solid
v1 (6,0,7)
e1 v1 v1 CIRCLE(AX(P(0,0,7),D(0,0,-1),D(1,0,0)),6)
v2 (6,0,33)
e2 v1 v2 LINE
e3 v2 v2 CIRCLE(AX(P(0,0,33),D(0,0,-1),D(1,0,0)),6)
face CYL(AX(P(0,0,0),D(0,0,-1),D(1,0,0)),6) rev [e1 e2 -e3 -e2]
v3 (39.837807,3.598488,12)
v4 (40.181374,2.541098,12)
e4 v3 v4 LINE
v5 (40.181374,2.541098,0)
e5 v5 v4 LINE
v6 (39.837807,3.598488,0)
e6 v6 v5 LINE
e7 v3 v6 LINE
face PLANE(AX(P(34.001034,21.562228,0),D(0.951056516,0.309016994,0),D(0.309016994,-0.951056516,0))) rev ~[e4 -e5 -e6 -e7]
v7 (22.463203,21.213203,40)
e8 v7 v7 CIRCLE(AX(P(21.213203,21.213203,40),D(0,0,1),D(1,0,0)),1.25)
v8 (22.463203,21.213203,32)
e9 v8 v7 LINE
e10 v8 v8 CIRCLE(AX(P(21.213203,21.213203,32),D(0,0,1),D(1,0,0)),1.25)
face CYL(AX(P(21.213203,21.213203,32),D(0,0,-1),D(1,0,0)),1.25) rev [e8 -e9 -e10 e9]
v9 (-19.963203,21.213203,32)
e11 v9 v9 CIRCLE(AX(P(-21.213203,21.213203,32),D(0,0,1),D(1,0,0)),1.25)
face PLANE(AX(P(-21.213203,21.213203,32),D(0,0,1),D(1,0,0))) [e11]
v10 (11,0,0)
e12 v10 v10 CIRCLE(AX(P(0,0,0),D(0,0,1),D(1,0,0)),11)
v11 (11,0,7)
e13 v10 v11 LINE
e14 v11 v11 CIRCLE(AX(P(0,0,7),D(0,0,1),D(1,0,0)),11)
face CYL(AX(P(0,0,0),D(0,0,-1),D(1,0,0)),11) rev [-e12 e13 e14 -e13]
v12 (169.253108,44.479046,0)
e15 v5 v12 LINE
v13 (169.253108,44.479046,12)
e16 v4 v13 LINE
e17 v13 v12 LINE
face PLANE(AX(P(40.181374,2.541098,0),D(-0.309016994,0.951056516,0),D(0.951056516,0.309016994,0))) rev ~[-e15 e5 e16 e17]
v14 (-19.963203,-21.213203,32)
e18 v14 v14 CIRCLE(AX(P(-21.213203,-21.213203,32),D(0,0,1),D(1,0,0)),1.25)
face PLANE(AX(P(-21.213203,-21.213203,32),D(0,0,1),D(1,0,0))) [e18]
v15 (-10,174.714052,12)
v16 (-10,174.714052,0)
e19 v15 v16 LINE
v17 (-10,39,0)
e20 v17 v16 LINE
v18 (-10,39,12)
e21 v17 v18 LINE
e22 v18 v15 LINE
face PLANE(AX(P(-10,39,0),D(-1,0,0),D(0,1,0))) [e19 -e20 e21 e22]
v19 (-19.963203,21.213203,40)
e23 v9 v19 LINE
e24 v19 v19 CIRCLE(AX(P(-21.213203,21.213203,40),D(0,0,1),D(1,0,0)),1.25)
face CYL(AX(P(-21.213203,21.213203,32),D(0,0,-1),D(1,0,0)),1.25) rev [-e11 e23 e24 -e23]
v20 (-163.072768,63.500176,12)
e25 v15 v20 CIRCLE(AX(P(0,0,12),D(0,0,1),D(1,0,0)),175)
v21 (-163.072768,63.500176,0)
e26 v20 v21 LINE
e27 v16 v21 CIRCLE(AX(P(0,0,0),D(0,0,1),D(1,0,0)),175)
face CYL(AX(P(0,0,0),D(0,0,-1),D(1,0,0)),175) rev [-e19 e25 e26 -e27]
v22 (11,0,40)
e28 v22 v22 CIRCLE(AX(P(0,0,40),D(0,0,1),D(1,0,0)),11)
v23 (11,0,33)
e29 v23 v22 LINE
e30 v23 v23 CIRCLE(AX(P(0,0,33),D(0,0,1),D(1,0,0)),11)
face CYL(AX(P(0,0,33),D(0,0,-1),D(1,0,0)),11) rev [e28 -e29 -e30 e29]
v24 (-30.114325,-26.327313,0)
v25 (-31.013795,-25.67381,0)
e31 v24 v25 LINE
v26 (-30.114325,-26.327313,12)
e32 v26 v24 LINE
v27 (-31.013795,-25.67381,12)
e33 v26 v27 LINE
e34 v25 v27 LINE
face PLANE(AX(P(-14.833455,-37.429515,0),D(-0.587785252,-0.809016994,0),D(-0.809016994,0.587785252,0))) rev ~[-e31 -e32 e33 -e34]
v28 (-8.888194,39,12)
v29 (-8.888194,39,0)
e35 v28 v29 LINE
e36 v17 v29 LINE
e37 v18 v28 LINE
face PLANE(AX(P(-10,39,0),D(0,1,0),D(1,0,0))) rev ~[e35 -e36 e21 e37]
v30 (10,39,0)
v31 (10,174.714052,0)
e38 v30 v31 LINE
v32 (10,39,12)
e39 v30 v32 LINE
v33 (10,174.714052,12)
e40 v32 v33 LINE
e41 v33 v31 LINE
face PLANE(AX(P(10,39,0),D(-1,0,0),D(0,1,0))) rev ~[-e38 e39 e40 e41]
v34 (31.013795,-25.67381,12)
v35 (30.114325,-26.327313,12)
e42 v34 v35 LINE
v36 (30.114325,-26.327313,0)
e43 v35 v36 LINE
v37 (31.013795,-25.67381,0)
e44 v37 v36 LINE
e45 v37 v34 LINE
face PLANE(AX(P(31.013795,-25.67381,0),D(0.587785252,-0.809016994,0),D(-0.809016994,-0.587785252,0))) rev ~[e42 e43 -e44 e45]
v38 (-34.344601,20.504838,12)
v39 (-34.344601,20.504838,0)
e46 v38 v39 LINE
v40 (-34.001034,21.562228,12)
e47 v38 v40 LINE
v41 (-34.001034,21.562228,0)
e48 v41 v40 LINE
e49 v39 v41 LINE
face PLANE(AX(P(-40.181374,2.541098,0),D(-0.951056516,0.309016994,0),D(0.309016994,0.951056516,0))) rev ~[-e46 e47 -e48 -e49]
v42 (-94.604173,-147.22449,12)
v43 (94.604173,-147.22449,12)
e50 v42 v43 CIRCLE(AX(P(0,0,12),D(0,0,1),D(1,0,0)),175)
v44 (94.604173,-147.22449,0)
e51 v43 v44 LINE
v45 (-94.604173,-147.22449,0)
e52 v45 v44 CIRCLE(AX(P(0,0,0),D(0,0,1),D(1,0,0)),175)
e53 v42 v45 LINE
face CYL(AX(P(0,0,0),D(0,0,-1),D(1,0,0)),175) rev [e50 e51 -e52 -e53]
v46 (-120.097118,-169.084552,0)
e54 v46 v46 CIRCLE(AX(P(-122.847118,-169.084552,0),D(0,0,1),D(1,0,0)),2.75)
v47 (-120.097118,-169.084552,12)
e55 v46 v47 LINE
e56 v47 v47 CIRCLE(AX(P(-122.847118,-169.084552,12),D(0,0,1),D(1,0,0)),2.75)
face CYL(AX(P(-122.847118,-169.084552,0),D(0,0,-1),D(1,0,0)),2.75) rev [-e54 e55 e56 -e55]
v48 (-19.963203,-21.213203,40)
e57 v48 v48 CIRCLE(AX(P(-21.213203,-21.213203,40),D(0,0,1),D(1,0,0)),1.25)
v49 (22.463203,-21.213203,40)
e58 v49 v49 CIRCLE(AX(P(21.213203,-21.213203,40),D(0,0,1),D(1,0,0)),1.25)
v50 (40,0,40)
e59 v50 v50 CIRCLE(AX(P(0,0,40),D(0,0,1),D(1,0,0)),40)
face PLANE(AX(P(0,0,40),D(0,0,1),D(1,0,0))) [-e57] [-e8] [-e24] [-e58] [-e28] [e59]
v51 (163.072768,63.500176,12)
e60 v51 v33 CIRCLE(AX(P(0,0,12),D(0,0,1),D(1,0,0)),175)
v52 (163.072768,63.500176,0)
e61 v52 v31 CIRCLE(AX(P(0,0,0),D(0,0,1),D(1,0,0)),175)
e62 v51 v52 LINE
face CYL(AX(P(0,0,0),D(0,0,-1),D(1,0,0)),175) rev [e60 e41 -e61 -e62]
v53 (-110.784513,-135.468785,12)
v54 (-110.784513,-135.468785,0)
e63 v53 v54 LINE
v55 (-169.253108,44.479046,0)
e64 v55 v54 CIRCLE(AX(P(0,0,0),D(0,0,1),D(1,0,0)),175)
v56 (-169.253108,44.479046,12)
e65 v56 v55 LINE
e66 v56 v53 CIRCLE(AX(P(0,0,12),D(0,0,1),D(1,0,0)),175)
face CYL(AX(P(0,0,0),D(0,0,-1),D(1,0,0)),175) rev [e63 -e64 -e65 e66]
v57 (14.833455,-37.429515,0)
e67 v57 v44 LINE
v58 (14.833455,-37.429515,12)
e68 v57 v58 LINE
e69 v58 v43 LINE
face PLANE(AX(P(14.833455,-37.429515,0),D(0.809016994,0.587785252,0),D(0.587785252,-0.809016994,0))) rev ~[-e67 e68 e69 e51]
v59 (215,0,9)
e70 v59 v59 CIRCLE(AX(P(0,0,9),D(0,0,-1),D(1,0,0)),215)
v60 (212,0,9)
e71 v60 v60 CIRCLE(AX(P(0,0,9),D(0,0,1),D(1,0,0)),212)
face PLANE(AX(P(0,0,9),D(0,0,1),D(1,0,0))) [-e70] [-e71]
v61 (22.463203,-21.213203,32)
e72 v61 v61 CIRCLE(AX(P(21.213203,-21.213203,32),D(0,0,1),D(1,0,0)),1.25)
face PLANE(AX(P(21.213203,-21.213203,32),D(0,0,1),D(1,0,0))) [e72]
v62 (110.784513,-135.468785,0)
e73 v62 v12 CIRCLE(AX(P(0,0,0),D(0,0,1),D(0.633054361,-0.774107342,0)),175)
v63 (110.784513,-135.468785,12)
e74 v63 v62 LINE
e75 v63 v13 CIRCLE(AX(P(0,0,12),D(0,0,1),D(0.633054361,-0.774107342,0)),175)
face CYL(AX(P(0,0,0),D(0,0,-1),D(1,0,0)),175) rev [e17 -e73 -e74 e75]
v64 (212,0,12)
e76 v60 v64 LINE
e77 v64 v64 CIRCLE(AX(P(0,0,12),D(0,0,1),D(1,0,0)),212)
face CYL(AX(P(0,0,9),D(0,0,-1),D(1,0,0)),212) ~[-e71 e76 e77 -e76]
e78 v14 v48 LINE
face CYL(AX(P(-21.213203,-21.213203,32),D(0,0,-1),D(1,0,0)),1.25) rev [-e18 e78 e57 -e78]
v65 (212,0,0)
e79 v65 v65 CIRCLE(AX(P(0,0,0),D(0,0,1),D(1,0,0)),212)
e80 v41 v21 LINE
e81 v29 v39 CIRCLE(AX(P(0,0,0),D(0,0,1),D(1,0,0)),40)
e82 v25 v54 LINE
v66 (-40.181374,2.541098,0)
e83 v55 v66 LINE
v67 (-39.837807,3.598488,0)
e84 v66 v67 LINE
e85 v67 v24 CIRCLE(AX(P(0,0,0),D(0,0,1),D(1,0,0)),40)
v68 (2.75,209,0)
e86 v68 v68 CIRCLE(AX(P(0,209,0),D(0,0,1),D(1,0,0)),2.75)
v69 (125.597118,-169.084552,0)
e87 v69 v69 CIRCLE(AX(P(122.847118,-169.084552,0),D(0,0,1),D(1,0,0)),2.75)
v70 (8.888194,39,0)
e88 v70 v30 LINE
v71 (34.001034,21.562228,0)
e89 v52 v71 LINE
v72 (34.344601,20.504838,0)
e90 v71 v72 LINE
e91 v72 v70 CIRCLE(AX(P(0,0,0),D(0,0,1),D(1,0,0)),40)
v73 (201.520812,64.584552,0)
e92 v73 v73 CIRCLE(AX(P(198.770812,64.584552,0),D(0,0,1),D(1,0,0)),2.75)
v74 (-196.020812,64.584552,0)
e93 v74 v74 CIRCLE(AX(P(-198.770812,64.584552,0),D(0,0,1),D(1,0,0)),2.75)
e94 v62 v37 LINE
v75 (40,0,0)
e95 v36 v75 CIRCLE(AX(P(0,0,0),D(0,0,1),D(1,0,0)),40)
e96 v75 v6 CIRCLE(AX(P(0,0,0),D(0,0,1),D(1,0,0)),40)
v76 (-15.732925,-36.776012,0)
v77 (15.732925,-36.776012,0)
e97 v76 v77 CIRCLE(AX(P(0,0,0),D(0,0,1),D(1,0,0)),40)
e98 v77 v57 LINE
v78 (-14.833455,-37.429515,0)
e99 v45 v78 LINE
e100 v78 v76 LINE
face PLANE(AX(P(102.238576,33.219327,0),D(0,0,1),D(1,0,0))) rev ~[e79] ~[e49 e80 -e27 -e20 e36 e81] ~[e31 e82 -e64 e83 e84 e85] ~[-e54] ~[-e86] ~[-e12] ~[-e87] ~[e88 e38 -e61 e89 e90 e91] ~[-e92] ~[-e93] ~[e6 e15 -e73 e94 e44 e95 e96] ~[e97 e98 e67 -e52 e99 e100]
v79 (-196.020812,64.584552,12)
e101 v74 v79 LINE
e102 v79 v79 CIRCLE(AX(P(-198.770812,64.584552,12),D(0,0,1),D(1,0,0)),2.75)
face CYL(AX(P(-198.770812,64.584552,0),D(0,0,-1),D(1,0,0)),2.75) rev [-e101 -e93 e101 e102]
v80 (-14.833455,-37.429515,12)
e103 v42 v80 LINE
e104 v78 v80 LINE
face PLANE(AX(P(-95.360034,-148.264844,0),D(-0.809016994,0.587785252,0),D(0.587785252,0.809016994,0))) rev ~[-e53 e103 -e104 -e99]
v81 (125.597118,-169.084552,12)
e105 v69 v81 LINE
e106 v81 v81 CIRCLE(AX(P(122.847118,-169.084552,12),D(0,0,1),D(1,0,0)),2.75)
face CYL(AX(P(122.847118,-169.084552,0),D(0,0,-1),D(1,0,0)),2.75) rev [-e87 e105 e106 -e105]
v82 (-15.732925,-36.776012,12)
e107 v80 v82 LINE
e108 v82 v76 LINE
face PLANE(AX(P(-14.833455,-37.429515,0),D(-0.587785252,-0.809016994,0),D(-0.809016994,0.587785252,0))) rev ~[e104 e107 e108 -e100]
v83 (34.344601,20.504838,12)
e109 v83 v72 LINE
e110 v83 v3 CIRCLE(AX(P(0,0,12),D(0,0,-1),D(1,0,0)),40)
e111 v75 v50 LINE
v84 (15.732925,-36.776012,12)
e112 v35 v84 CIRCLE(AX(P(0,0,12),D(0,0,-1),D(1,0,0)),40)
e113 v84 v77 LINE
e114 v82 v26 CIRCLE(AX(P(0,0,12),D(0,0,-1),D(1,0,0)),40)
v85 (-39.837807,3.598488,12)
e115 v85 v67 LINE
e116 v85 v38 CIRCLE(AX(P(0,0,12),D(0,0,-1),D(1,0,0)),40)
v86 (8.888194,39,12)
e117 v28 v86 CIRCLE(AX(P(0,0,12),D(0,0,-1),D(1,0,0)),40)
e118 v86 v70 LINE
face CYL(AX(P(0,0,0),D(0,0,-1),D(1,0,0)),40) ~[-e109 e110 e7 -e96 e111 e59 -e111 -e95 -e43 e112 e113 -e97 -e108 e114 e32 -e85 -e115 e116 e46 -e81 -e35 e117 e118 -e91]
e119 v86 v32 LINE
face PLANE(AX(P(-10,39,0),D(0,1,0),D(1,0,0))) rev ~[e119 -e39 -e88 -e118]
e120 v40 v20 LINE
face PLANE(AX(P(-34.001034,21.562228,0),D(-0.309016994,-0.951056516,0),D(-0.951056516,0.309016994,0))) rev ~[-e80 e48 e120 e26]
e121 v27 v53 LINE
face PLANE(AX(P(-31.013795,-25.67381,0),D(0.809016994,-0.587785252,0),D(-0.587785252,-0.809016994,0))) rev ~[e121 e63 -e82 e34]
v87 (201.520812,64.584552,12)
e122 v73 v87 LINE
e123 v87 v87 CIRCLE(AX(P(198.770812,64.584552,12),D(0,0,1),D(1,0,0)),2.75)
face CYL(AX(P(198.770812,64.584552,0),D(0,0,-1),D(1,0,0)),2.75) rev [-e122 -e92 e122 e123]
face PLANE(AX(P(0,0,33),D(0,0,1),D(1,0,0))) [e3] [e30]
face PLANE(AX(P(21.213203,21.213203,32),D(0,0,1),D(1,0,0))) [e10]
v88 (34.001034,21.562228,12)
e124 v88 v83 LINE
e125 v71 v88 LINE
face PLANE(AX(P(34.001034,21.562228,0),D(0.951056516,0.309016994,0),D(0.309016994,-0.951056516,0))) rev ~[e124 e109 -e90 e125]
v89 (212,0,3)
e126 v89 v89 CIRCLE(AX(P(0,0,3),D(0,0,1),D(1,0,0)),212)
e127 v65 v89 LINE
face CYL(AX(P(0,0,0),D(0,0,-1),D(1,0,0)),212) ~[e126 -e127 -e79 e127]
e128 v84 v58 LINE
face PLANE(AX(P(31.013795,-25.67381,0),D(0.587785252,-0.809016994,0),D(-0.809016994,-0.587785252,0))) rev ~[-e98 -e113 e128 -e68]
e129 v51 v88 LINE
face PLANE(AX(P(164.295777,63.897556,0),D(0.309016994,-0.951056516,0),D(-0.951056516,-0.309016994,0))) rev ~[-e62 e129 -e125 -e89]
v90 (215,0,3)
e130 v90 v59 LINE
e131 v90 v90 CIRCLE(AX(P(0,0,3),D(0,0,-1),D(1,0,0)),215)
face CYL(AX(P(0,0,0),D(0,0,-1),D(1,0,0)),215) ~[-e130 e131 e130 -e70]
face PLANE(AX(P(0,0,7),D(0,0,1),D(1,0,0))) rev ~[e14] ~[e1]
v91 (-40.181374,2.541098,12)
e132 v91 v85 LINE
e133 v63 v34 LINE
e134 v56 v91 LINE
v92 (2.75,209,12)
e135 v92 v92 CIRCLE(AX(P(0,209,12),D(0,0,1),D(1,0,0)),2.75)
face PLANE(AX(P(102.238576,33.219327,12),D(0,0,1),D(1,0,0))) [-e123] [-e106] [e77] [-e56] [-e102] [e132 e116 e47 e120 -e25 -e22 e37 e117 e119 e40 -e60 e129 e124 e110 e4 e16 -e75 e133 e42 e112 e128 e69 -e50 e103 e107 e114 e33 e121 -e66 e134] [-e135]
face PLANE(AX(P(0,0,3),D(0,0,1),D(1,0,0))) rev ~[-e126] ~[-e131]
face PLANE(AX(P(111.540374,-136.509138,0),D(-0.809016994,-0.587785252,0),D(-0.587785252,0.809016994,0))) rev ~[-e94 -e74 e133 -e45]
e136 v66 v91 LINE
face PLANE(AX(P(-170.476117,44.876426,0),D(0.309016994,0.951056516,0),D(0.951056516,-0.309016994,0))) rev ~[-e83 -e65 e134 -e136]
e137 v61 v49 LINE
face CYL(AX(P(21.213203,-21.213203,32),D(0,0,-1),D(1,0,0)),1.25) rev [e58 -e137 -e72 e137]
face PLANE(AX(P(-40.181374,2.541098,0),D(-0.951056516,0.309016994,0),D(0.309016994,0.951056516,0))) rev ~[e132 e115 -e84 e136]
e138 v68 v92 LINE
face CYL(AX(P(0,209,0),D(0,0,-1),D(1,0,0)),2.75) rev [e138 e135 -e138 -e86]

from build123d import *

# Parameters (mm, degrees)
SKETCH1_R               = 215
SKETCH1_R_2             = 175
RING_DEPTH              = 12
SKETCH2_R               = 40
HUB_DEPTH               = 40
SKETCH3_W               = 20
SKETCH3_H               = 137
SPOKES_DEPTH            = 12
SKETCH4_R               = 6
BORE_DEPTH              = 40
SKETCH5_R               = 11
BEARING_SEAT_LOW_DEPTH  = 7
SKETCH6_R               = 11
BEARING_SEAT_HIGH_DEPTH = 7
SKETCH7_R               = 216
SKETCH7_R_2             = 212
BAND_RABBET_DEPTH       = 3
SKETCH8_R               = 216
SKETCH8_R_2             = 212
COVER_RABBET_DEPTH      = 3
SKETCH9_R               = 2.75
ROD_HOLES_DEPTH         = 12
SKETCH10_R              = 1.25
GROMMET_SCREWS_DEPTH    = 8


with BuildPart() as part:
    # Sketch1 → Ring (new body)
    with BuildSketch(Plane.XY):
        Circle(SKETCH1_R)
        Circle(SKETCH1_R_2, mode=Mode.SUBTRACT)
    extrude(amount=RING_DEPTH)



with BuildPart() as body_2:
    # Sketch2 → Hub (new body)
    with BuildSketch(Plane.XY):
        Circle(SKETCH2_R)
    extrude(amount=HUB_DEPTH)


with BuildPart() as part_1:
    add(part.part)

    add(body_2.part)  # Spokes merges body 2
    # Sketch3 → Spokes (add)
    with BuildSketch(Plane.XY):
        Polygon((40.181374079, 2.541097618), (170.476116812, 44.876425847), (164.295776924, 63.897556173), (34.001034192, 21.562227944), align=None)
        with Locations((0, 107.5)):
            Rectangle(SKETCH3_W, SKETCH3_H)
        Polygon((-34.001034192, 21.562227944), (-164.295776924, 63.897556173), (-170.476116812, 44.876425847), (-40.181374079, 2.541097618), align=None)
        Polygon((-31.013794783, -25.673810258), (-111.540374347, -136.509138487), (-95.36003446, -148.264843533), (-14.833454896, -37.429515304), align=None)
        Polygon((14.833454896, -37.429515304), (95.36003446, -148.264843533), (111.540374347, -136.509138487), (31.013794783, -25.673810258), align=None)
    extrude(amount=SPOKES_DEPTH)

    # Sketch4 → Bore (cut)
    with BuildSketch(Plane.XY):
        Circle(SKETCH4_R)
    extrude(amount=BORE_DEPTH, mode=Mode.SUBTRACT)

    # Sketch5 → Bearing_seat_low (cut)
    with BuildSketch(Plane.XY):
        Circle(SKETCH5_R)
    extrude(amount=BEARING_SEAT_LOW_DEPTH, mode=Mode.SUBTRACT)

    # Sketch6 → Bearing_seat_high (cut)
    with BuildSketch(Plane.XY.offset(33)):
        Circle(SKETCH6_R)
    extrude(amount=BEARING_SEAT_HIGH_DEPTH, mode=Mode.SUBTRACT)

    # Sketch7 → Band_rabbet (cut)
    with BuildSketch(Plane.XY):
        Circle(SKETCH7_R)
        Circle(SKETCH7_R_2, mode=Mode.SUBTRACT)
    extrude(amount=BAND_RABBET_DEPTH, mode=Mode.SUBTRACT)

    # Sketch8 → Cover_rabbet (cut)
    with BuildSketch(Plane.XY.offset(9)):
        Circle(SKETCH8_R)
        Circle(SKETCH8_R_2, mode=Mode.SUBTRACT)
    extrude(amount=COVER_RABBET_DEPTH, mode=Mode.SUBTRACT)

    # Sketch9 → Rod_holes (cut)
    with BuildSketch(Plane.XY):
        with Locations((198.770811906, 64.584551824)):
            Circle(SKETCH9_R)
        with Locations((0, 209)):
            Circle(SKETCH9_R)
        with Locations((-198.770811906, 64.584551824)):
            Circle(SKETCH9_R)
        with Locations((-122.847117729, -169.084551824)):
            Circle(SKETCH9_R)
        with Locations((122.847117729, -169.084551824)):
            Circle(SKETCH9_R)
    extrude(amount=ROD_HOLES_DEPTH, mode=Mode.SUBTRACT)

    # Sketch10 → Grommet_screws (cut)
    with BuildSketch(Plane.XY.offset(32)):
        with Locations((21.213203436, 21.213203436)):
            Circle(SKETCH10_R)
        with Locations((-21.213203436, 21.213203436)):
            Circle(SKETCH10_R)
        with Locations((-21.213203436, -21.213203436)):
            Circle(SKETCH10_R)
        with Locations((21.213203436, -21.213203436)):
            Circle(SKETCH10_R)
    extrude(amount=GROMMET_SCREWS_DEPTH, mode=Mode.SUBTRACT)


solid = part_1.part
